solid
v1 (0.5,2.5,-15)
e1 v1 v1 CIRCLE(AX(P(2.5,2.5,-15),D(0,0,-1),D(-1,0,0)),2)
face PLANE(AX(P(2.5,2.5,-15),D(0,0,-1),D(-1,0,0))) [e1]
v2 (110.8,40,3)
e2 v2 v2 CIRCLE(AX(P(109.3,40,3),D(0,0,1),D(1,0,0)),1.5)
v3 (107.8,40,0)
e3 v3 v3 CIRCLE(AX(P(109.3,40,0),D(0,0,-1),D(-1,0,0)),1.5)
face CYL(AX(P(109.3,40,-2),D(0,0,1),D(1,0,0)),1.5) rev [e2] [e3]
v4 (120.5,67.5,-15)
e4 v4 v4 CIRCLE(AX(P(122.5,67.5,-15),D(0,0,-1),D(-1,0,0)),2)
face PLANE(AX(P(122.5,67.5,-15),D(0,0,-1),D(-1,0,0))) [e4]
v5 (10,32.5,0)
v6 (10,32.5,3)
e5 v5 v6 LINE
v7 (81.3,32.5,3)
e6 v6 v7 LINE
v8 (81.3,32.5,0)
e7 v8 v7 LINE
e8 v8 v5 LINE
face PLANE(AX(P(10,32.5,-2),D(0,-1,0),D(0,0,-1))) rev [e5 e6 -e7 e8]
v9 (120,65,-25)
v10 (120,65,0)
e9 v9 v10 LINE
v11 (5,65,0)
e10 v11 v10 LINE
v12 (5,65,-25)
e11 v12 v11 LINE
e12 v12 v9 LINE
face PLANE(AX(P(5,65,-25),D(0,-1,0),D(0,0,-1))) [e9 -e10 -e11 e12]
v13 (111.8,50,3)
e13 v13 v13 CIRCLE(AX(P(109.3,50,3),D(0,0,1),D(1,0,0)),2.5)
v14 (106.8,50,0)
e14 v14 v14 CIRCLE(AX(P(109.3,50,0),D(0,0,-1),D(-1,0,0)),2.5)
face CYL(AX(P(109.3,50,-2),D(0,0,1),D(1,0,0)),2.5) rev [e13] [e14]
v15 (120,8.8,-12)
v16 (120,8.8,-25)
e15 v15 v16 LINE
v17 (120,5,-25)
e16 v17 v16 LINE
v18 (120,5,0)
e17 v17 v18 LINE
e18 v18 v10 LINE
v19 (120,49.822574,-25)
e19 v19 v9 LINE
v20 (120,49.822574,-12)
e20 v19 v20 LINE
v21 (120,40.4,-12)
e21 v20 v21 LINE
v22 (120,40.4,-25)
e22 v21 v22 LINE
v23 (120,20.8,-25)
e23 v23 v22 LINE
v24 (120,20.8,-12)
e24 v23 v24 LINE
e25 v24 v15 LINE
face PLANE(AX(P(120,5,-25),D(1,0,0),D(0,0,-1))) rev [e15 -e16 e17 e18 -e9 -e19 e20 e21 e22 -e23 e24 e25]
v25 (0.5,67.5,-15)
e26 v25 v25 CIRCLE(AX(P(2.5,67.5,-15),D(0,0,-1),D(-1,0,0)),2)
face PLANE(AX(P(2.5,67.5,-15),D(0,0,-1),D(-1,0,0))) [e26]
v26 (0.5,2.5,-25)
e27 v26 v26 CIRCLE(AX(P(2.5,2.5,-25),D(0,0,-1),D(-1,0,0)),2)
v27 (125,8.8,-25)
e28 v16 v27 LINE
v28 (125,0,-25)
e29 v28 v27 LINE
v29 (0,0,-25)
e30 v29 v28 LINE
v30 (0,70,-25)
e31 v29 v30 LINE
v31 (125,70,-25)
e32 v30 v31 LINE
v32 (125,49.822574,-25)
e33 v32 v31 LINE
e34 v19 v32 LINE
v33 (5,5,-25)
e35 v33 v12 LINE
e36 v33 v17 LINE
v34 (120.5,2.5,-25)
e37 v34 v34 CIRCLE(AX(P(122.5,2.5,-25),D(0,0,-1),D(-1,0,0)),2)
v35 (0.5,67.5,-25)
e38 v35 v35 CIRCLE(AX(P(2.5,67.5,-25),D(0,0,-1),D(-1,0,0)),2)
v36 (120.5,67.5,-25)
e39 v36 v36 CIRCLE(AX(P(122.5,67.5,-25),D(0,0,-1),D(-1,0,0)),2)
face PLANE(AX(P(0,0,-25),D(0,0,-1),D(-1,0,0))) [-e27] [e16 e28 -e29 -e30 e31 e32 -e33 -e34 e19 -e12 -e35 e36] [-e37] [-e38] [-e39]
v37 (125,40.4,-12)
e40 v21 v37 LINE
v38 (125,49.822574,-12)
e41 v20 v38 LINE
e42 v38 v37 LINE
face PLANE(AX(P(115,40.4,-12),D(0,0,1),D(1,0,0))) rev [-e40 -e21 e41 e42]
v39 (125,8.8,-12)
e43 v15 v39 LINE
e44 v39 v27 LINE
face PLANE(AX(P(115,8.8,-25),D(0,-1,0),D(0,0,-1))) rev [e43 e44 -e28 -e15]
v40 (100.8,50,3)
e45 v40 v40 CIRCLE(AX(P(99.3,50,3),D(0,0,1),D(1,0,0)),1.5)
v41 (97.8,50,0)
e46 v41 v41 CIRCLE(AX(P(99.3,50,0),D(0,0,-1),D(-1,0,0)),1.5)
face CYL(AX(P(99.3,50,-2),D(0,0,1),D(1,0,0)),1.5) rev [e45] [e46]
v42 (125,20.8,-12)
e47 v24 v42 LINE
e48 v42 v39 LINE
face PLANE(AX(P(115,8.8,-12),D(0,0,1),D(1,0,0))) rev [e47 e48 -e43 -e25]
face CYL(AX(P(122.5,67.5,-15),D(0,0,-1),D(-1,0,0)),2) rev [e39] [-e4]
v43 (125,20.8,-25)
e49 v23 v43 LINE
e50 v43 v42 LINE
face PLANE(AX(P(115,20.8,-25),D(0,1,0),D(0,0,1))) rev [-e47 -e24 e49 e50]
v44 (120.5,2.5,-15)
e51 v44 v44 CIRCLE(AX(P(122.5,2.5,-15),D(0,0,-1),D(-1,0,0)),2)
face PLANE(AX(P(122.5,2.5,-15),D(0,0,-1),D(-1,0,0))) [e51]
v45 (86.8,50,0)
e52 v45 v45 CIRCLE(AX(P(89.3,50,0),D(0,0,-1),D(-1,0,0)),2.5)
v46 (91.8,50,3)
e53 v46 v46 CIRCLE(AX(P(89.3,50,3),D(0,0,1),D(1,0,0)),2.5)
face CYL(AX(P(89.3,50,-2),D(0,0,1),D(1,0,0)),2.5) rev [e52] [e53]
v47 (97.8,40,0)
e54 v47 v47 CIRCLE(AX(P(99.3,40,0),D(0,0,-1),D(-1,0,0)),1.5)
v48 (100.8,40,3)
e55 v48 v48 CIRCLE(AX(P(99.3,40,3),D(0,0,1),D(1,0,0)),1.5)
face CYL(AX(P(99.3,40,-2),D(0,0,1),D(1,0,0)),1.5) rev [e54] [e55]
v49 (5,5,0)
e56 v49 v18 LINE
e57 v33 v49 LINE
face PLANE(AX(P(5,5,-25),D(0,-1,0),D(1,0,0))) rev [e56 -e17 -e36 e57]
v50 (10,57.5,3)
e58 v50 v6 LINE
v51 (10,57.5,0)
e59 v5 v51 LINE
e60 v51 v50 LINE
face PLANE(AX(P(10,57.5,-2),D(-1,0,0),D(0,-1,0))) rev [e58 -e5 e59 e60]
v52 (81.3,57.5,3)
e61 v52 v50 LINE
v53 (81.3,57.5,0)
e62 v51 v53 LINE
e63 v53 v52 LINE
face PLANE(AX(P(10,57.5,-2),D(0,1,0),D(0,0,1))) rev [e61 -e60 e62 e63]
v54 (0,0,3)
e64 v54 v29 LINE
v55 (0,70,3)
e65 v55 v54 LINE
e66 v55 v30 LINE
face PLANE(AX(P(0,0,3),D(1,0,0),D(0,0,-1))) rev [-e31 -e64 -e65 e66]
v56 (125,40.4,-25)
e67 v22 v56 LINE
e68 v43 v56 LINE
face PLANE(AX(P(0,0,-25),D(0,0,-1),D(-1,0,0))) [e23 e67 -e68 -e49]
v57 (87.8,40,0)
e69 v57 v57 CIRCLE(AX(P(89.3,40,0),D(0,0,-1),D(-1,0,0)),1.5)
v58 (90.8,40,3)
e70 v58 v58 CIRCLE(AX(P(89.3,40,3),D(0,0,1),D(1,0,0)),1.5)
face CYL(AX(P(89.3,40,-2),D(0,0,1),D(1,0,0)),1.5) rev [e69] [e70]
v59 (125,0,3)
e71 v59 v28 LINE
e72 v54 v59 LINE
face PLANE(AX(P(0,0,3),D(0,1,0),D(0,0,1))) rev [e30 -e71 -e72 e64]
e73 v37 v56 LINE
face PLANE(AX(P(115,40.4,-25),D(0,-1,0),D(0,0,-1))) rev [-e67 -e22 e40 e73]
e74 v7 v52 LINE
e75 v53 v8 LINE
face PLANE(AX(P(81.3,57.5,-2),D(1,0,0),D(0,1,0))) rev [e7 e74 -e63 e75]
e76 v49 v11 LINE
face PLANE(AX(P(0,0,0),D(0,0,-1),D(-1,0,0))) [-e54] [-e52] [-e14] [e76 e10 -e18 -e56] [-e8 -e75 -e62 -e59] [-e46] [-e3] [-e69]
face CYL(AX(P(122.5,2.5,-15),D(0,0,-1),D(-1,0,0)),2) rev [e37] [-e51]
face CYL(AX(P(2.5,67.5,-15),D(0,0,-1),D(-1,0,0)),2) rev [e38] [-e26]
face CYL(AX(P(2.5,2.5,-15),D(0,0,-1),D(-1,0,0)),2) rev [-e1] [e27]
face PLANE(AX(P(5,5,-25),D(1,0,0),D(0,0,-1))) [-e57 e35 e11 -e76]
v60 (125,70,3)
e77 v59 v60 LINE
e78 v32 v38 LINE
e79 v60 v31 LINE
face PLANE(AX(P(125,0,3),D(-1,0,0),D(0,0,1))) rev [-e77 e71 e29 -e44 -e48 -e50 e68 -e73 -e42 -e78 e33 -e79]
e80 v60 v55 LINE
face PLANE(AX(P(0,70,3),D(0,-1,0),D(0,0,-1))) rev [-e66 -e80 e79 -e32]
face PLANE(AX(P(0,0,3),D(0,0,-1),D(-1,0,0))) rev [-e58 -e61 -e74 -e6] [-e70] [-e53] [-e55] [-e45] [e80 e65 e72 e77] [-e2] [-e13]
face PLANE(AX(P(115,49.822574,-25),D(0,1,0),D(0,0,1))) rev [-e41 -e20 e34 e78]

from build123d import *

# Parameters (mm, degrees)
SKETCH1_W           = 125
SKETCH1_H           = 70
BOSS_EXTRUDE1_DEPTH = 3
SKETCH2_W           = 71.3
SKETCH2_H           = 25
CUT_EXTRUDE1_DEPTH  = 5
SKETCH4_R           = 2.5
SKETCH4_R_2         = 1.5
CUT_EXTRUDE2_DEPTH  = 5
SKETCH5_W           = 125
SKETCH5_H           = 70
SKETCH5_W_2         = 115
SKETCH5_H_2         = 60
BOSS_EXTRUDE2_DEPTH = 25
SKETCH6_R           = 2
CUT_EXTRUDE3_DEPTH  = 10
SKETCH7_W           = 13
SKETCH7_H           = 12
SKETCH7_H_2         = 9.422573881
CUT_EXTRUDE4_DEPTH  = 10


with BuildPart() as part:
    # Sketch1 → Boss-Extrude1 (new body)
    with BuildSketch(Plane.XY):
        with Locations((62.5, 35)):
            Rectangle(SKETCH1_W, SKETCH1_H)
    extrude(amount=BOSS_EXTRUDE1_DEPTH)

    # Sketch2 → Cut-Extrude1 (cut)
    with BuildSketch(Plane.XY.offset(3)):
        with Locations((45.65, 45)):
            Rectangle(SKETCH2_W, SKETCH2_H)
    extrude(amount=-CUT_EXTRUDE1_DEPTH, mode=Mode.SUBTRACT)

    # Sketch4 → Cut-Extrude2 (cut)
    with BuildSketch(Plane.XY.offset(3)):
        with Locations((89.3, 50)):
            Circle(SKETCH4_R)
        with Locations((99.3, 50)):
            Circle(SKETCH4_R_2)
        with Locations((109.3, 50)):
            Circle(SKETCH4_R)
        with Locations((89.3, 40)):
            Circle(SKETCH4_R_2)
        with Locations((99.3, 40)):
            Circle(SKETCH4_R_2)
        with Locations((109.3, 40)):
            Circle(SKETCH4_R_2)
    extrude(amount=-CUT_EXTRUDE2_DEPTH, mode=Mode.SUBTRACT)

    # Sketch5 → Boss-Extrude2 (add)
    with BuildSketch(Plane(origin=(0, 0, 0), x_dir=(-1, 0, 0), z_dir=(0, 0, -1))):
        with Locations((-62.5, 35)):
            Rectangle(SKETCH5_W, SKETCH5_H)
        with Locations((-62.5, 35)):
            Rectangle(SKETCH5_W_2, SKETCH5_H_2, mode=Mode.SUBTRACT)
    extrude(amount=BOSS_EXTRUDE2_DEPTH)

    # Sketch6 → Cut-Extrude3 (cut)
    with BuildSketch(Plane(origin=(0, 0, -25), x_dir=(-1, 0, 0), z_dir=(0, 0, -1))):
        with Locations((-122.5, 67.5)):
            Circle(SKETCH6_R)
        with Locations((-2.5, 67.5)):
            Circle(SKETCH6_R)
        with Locations((-2.5, 2.5)):
            Circle(SKETCH6_R)
        with Locations((-122.5, 2.5)):
            Circle(SKETCH6_R)
    extrude(amount=-CUT_EXTRUDE3_DEPTH, mode=Mode.SUBTRACT)

    # Sketch7 → Cut-Extrude4 (cut)
    with BuildSketch(Plane(origin=(125, 0, 0), x_dir=(0, 0, -1), z_dir=(1, 0, 0))):
        with Locations((18.5, 14.8)):
            Rectangle(SKETCH7_W, SKETCH7_H)
        with Locations((18.5, 45.111286941)):
            Rectangle(SKETCH7_W, SKETCH7_H_2)
    extrude(amount=-CUT_EXTRUDE4_DEPTH, mode=Mode.SUBTRACT)


solid = part.part
